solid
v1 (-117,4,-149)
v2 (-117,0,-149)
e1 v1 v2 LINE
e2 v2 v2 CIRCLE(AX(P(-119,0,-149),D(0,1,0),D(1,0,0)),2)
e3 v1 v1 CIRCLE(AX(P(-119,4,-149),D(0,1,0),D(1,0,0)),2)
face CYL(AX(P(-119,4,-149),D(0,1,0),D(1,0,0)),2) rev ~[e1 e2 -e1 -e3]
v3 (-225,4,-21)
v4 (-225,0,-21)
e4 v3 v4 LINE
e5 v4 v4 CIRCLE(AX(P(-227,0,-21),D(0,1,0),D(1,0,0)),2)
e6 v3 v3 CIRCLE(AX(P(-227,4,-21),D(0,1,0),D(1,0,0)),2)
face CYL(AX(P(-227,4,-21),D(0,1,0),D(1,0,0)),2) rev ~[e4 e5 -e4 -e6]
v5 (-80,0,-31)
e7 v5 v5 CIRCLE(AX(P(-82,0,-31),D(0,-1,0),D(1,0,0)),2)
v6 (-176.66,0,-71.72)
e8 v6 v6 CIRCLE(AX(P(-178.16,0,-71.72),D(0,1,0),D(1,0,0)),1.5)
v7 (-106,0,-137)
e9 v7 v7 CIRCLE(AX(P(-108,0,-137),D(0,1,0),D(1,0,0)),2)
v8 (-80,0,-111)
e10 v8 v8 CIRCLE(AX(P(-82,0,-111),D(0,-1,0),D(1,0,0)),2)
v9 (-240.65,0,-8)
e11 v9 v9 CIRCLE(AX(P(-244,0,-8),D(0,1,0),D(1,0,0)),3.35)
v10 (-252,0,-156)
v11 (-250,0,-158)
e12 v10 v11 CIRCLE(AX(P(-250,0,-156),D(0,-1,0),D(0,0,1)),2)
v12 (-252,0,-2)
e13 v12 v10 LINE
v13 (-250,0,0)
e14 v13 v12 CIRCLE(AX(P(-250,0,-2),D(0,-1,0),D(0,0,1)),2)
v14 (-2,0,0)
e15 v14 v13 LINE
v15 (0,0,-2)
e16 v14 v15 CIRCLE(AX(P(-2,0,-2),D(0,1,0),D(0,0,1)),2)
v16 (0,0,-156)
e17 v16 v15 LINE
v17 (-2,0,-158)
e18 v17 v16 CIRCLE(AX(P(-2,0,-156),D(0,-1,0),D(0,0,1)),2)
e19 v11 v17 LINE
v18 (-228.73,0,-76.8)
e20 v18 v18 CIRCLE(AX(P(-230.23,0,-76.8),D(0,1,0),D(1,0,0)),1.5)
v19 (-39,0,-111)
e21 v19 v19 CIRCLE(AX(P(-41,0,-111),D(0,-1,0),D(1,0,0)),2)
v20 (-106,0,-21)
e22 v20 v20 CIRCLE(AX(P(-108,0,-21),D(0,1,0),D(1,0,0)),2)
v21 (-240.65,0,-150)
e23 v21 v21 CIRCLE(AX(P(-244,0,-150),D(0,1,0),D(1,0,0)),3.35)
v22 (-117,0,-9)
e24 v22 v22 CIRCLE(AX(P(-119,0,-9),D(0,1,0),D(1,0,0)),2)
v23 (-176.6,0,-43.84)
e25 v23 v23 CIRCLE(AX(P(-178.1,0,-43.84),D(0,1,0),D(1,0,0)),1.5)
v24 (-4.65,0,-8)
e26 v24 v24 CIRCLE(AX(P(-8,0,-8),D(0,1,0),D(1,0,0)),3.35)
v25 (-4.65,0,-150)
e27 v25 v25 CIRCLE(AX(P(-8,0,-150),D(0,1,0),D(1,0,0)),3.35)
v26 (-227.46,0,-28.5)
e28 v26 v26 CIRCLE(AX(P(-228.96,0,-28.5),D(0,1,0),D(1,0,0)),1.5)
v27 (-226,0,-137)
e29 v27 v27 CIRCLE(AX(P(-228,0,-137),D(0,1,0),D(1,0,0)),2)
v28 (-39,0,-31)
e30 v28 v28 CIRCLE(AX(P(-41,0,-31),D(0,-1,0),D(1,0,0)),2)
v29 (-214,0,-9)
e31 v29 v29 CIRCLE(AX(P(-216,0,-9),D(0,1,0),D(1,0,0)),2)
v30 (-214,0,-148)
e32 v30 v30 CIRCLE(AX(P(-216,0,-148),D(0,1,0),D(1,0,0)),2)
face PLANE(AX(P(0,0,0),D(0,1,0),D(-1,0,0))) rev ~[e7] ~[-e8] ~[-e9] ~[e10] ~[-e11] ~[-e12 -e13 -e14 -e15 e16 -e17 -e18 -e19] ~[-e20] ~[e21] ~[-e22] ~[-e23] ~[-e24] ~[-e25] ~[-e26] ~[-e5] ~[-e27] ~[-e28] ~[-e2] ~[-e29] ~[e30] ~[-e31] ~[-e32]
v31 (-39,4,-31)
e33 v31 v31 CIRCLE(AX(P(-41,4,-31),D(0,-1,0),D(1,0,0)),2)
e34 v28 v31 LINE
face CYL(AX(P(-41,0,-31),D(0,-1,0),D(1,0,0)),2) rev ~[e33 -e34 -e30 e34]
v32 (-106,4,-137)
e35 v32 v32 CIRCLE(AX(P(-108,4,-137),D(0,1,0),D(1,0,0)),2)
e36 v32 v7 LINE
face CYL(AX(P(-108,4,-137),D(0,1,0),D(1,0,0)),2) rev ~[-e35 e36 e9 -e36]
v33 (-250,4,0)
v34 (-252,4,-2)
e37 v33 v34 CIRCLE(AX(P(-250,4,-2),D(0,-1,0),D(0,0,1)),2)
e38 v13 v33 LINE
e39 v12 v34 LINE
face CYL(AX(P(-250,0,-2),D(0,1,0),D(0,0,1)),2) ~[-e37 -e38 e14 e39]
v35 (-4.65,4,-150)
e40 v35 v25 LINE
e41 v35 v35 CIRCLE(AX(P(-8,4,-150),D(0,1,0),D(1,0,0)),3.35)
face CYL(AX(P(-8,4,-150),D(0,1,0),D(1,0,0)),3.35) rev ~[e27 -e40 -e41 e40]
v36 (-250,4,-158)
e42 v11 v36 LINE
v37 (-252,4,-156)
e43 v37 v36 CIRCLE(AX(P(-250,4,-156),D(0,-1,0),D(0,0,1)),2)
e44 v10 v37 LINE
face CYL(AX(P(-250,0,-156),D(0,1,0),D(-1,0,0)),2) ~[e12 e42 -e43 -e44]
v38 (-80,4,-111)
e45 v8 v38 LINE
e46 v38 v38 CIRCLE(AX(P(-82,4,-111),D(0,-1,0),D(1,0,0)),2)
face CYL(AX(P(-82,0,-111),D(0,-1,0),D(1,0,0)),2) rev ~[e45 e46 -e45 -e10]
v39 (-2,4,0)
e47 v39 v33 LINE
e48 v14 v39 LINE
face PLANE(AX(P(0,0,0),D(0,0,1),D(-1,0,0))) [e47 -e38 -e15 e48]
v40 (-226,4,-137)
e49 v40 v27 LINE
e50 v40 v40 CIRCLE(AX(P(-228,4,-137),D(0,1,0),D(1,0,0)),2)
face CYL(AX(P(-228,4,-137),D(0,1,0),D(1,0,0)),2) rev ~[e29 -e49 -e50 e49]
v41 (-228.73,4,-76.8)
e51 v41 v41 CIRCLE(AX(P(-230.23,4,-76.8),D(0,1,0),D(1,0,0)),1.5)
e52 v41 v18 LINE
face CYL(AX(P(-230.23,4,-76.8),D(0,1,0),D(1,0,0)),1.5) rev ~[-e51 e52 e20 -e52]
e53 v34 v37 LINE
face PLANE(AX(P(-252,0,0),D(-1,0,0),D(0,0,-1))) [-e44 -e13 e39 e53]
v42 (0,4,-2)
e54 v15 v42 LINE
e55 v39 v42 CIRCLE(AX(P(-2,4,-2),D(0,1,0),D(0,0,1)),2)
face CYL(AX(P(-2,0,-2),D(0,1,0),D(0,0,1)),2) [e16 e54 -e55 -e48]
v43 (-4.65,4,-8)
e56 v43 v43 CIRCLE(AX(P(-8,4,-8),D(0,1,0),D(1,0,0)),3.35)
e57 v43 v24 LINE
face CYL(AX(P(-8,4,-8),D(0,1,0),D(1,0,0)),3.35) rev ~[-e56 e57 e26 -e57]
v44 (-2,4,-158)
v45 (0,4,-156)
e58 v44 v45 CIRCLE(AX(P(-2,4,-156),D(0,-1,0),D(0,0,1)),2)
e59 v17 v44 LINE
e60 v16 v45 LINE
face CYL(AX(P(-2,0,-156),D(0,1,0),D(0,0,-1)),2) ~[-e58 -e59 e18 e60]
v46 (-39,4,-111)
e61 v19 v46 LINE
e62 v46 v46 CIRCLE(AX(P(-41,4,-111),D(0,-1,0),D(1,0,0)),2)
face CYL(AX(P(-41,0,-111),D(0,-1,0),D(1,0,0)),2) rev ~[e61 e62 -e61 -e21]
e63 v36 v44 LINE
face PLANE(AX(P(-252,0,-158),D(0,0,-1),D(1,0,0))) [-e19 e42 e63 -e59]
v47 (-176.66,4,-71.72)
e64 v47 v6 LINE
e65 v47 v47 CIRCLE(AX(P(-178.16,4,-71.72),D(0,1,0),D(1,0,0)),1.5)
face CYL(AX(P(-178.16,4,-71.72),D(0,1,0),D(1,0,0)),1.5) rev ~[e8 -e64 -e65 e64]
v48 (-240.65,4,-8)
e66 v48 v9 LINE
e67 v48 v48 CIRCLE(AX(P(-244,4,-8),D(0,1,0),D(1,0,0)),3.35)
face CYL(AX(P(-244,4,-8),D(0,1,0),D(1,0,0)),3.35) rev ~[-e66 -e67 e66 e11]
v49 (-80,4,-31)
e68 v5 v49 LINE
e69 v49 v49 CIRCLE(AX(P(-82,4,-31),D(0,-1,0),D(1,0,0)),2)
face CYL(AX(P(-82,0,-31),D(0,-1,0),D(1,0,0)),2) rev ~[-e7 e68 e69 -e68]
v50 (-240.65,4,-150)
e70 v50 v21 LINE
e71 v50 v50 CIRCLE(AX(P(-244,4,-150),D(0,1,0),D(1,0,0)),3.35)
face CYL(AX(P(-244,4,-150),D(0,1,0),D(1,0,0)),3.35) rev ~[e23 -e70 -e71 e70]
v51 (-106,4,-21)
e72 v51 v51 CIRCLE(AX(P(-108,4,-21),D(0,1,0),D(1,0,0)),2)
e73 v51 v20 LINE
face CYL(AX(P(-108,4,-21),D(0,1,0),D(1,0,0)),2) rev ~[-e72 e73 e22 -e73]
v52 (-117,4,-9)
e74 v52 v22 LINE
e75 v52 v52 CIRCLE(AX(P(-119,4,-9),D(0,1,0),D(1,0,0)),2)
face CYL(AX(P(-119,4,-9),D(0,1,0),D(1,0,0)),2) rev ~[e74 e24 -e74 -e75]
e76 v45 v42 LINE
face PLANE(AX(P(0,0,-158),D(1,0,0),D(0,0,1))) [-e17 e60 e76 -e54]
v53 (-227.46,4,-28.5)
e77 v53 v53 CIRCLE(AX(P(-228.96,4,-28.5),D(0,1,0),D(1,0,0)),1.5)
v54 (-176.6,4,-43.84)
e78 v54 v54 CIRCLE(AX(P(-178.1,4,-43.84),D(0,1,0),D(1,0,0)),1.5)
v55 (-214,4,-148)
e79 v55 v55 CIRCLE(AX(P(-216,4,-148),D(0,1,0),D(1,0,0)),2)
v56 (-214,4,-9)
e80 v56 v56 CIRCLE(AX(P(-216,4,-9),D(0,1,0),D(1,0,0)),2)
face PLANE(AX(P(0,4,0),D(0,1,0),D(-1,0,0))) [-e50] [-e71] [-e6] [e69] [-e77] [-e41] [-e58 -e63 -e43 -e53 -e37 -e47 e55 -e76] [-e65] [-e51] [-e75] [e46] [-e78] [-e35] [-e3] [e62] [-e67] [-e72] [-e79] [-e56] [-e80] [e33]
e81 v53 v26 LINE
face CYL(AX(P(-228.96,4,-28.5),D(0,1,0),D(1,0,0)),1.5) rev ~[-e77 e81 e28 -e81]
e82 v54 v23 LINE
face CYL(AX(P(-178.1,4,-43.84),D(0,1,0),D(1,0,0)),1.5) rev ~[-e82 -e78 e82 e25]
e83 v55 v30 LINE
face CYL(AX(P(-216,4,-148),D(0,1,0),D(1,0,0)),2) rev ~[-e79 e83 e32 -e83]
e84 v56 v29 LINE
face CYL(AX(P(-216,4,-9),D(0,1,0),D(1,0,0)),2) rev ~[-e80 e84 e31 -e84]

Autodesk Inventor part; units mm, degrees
ref_plane "YZ Plane" through (0, 0, 0) normal (1, 0, 0) x (0, 1, 0)
ref_plane "XZ Plane" through (0, 0, 0) normal (0, 1, 0) x (-1, 0, 0)
ref_plane "XY Plane" through (0, 0, 0) normal (0, 0, 1) x (1, 0, 0)
sketch "Esboço1" plane through (0, 0, 0) normal (0, 1, 0) x (-1, 0, 0)
  line L0 (0, 0) -> (252, 0)
  line L1 (252, 0) -> (252, -158)
  line L2 (252, -158) -> (0, -158)
  line L3 (0, -158) -> (0, 0)
  dimension "d0" = 252
  dimension "d1" = 158
extrude "Extrusão1" add sketch "Esboço1" along normal blind 4
fillet "Arredondamento1" radius 2 4 edges at (0, 2, 0) (0, 2, -158) (-252, 2, 0) (-252, 2, -158)
sketch "Esboço2" plane through (0, 4, 0) normal (0, 1, 0) x (1, 0, 0)
  circle A0 centre (-244, 150) radius 3.35
  circle A1 centre (-244, 8) radius 3.35
  circle A2 centre (-8, 150) radius 3.35
  circle A3 centre (-8, 8) radius 3.35
  line L0 (-252, 156) -> (-252, 2) projected
  line L1 (-2, 158) -> (-250, 158) projected
  line L2 (-250, 0) -> (-2, 0) projected
  line L3 (0, 2) -> (0, 156) projected
  point P0 (0, 0)
  dimension "d5" = 6.7
  dimension "d6" = 6.7
  dimension "d7" = 6.7
  dimension "d8" = 6.7
  dimension "d9" = 8
  dimension "d10" = 8
  dimension "d11" = 8
  dimension "d12" = 8
  dimension "d13" = 8
  dimension "d14" = 8
  dimension "d15" = 8
  dimension "d16" = 8
extrude "Extrusão2" cut sketch "Esboço2" against normal blind 10
sketch "Esboço3" plane through (0, 0, 0) normal (0, -1, 0) x (1, 0, 0)
  line L0 (-14.2, -140.75) -> (-87.5029, -140.75) projected
  arc A0 (-89.0029, -139.25) -> (-87.5029, -140.75) centre (-87.5029, -139.25) ccw projected
  line L1 (-89.0029, -130.5) -> (-89.0029, -139.25) projected
  line L2 (-89.0029, -130.5) -> (-89.0029, -10.5) projected
  line L3 (-89.0029, -1.75) -> (-89.0029, -10.5) projected
  arc A1 (-87.5029, -0.25) -> (-89.0029, -1.75) centre (-87.5029, -1.75) ccw projected
  line L4 (-87.5029, -0.25) -> (-14.2, -0.25) projected
  line L5 (-14.2, -140.75) -> (-14.2, -0.25) projected
  circle A2 centre (-31, -21) radius 2 projected
  circle A3 centre (-31, -21) radius 4 projected
  circle A4 centre (-41, -31) radius 2 projected
  circle A5 centre (-31, -21) radius 2 projected
  circle A6 centre (-31, -121) radius 4.5 projected
  circle A7 centre (-82, -111) radius 2 projected
  circle A8 centre (-41, -111) radius 2 projected
  circle A9 centre (-72, -121) radius 2 projected
  circle A10 centre (-72, -121) radius 4.5 projected
  circle A11 centre (-41, -31) radius 2 projected
  circle A12 centre (-82, -31) radius 2 projected
  circle A13 centre (-72, -21) radius 2 projected
  circle A14 centre (-72, -21) radius 4.5 projected
  point P0 (0, 0)
extrude "Extrusão3" cut sketch "Esboço3" against normal blind 10 contours A4 | A7 | A8 | A12
sketch "Esboço4" plane through (0, 4, 0) normal (0, 1, 0) x (1, 0, 0)
  circle A0 centre (-216, 148) radius 2 projected
  circle A1 centre (-108, 137) radius 2 projected
  circle A2 centre (-119, 149) radius 2 projected
  circle A3 centre (-228, 137) radius 2 projected
  circle A4 centre (-227, 21) radius 2 projected
  circle A5 centre (-216, 9) radius 2 projected
  circle A6 centre (-108, 21) radius 2 projected
  circle A7 centre (-119, 9) radius 2 projected
  point P0 (0, 0)
  point P1 (-122.4, 150.963)
extrude "Extrusão4" cut sketch "Esboço4" against normal blind 10
sketch "Esboço5" plane through (0, 4, 0) normal (0, 1, 0) x (1, 0, 0)
  circle A0 centre (-178.16, 71.72) radius 1.5 projected
  circle A1 centre (-178.1, 43.84) radius 1.5 projected
  circle A2 centre (-228.96, 28.5) radius 1.5 projected
  circle A3 centre (-230.23, 76.8) radius 1.5 projected
  point P0 (0, 0)
extrude "Extrusão5" cut sketch "Esboço5" against normal blind 10
equation "\"d8\" = d6"
equation "\"d10\" = d12"
equation "\"d11\" = d10"
equation "\"d12\" = d9"
equation "\"d13\" = d12"
equation "\"d14\" = d13"
equation "\"d15\" = d13"
equation "\"d16\" = d15"
properties part number "Base"
